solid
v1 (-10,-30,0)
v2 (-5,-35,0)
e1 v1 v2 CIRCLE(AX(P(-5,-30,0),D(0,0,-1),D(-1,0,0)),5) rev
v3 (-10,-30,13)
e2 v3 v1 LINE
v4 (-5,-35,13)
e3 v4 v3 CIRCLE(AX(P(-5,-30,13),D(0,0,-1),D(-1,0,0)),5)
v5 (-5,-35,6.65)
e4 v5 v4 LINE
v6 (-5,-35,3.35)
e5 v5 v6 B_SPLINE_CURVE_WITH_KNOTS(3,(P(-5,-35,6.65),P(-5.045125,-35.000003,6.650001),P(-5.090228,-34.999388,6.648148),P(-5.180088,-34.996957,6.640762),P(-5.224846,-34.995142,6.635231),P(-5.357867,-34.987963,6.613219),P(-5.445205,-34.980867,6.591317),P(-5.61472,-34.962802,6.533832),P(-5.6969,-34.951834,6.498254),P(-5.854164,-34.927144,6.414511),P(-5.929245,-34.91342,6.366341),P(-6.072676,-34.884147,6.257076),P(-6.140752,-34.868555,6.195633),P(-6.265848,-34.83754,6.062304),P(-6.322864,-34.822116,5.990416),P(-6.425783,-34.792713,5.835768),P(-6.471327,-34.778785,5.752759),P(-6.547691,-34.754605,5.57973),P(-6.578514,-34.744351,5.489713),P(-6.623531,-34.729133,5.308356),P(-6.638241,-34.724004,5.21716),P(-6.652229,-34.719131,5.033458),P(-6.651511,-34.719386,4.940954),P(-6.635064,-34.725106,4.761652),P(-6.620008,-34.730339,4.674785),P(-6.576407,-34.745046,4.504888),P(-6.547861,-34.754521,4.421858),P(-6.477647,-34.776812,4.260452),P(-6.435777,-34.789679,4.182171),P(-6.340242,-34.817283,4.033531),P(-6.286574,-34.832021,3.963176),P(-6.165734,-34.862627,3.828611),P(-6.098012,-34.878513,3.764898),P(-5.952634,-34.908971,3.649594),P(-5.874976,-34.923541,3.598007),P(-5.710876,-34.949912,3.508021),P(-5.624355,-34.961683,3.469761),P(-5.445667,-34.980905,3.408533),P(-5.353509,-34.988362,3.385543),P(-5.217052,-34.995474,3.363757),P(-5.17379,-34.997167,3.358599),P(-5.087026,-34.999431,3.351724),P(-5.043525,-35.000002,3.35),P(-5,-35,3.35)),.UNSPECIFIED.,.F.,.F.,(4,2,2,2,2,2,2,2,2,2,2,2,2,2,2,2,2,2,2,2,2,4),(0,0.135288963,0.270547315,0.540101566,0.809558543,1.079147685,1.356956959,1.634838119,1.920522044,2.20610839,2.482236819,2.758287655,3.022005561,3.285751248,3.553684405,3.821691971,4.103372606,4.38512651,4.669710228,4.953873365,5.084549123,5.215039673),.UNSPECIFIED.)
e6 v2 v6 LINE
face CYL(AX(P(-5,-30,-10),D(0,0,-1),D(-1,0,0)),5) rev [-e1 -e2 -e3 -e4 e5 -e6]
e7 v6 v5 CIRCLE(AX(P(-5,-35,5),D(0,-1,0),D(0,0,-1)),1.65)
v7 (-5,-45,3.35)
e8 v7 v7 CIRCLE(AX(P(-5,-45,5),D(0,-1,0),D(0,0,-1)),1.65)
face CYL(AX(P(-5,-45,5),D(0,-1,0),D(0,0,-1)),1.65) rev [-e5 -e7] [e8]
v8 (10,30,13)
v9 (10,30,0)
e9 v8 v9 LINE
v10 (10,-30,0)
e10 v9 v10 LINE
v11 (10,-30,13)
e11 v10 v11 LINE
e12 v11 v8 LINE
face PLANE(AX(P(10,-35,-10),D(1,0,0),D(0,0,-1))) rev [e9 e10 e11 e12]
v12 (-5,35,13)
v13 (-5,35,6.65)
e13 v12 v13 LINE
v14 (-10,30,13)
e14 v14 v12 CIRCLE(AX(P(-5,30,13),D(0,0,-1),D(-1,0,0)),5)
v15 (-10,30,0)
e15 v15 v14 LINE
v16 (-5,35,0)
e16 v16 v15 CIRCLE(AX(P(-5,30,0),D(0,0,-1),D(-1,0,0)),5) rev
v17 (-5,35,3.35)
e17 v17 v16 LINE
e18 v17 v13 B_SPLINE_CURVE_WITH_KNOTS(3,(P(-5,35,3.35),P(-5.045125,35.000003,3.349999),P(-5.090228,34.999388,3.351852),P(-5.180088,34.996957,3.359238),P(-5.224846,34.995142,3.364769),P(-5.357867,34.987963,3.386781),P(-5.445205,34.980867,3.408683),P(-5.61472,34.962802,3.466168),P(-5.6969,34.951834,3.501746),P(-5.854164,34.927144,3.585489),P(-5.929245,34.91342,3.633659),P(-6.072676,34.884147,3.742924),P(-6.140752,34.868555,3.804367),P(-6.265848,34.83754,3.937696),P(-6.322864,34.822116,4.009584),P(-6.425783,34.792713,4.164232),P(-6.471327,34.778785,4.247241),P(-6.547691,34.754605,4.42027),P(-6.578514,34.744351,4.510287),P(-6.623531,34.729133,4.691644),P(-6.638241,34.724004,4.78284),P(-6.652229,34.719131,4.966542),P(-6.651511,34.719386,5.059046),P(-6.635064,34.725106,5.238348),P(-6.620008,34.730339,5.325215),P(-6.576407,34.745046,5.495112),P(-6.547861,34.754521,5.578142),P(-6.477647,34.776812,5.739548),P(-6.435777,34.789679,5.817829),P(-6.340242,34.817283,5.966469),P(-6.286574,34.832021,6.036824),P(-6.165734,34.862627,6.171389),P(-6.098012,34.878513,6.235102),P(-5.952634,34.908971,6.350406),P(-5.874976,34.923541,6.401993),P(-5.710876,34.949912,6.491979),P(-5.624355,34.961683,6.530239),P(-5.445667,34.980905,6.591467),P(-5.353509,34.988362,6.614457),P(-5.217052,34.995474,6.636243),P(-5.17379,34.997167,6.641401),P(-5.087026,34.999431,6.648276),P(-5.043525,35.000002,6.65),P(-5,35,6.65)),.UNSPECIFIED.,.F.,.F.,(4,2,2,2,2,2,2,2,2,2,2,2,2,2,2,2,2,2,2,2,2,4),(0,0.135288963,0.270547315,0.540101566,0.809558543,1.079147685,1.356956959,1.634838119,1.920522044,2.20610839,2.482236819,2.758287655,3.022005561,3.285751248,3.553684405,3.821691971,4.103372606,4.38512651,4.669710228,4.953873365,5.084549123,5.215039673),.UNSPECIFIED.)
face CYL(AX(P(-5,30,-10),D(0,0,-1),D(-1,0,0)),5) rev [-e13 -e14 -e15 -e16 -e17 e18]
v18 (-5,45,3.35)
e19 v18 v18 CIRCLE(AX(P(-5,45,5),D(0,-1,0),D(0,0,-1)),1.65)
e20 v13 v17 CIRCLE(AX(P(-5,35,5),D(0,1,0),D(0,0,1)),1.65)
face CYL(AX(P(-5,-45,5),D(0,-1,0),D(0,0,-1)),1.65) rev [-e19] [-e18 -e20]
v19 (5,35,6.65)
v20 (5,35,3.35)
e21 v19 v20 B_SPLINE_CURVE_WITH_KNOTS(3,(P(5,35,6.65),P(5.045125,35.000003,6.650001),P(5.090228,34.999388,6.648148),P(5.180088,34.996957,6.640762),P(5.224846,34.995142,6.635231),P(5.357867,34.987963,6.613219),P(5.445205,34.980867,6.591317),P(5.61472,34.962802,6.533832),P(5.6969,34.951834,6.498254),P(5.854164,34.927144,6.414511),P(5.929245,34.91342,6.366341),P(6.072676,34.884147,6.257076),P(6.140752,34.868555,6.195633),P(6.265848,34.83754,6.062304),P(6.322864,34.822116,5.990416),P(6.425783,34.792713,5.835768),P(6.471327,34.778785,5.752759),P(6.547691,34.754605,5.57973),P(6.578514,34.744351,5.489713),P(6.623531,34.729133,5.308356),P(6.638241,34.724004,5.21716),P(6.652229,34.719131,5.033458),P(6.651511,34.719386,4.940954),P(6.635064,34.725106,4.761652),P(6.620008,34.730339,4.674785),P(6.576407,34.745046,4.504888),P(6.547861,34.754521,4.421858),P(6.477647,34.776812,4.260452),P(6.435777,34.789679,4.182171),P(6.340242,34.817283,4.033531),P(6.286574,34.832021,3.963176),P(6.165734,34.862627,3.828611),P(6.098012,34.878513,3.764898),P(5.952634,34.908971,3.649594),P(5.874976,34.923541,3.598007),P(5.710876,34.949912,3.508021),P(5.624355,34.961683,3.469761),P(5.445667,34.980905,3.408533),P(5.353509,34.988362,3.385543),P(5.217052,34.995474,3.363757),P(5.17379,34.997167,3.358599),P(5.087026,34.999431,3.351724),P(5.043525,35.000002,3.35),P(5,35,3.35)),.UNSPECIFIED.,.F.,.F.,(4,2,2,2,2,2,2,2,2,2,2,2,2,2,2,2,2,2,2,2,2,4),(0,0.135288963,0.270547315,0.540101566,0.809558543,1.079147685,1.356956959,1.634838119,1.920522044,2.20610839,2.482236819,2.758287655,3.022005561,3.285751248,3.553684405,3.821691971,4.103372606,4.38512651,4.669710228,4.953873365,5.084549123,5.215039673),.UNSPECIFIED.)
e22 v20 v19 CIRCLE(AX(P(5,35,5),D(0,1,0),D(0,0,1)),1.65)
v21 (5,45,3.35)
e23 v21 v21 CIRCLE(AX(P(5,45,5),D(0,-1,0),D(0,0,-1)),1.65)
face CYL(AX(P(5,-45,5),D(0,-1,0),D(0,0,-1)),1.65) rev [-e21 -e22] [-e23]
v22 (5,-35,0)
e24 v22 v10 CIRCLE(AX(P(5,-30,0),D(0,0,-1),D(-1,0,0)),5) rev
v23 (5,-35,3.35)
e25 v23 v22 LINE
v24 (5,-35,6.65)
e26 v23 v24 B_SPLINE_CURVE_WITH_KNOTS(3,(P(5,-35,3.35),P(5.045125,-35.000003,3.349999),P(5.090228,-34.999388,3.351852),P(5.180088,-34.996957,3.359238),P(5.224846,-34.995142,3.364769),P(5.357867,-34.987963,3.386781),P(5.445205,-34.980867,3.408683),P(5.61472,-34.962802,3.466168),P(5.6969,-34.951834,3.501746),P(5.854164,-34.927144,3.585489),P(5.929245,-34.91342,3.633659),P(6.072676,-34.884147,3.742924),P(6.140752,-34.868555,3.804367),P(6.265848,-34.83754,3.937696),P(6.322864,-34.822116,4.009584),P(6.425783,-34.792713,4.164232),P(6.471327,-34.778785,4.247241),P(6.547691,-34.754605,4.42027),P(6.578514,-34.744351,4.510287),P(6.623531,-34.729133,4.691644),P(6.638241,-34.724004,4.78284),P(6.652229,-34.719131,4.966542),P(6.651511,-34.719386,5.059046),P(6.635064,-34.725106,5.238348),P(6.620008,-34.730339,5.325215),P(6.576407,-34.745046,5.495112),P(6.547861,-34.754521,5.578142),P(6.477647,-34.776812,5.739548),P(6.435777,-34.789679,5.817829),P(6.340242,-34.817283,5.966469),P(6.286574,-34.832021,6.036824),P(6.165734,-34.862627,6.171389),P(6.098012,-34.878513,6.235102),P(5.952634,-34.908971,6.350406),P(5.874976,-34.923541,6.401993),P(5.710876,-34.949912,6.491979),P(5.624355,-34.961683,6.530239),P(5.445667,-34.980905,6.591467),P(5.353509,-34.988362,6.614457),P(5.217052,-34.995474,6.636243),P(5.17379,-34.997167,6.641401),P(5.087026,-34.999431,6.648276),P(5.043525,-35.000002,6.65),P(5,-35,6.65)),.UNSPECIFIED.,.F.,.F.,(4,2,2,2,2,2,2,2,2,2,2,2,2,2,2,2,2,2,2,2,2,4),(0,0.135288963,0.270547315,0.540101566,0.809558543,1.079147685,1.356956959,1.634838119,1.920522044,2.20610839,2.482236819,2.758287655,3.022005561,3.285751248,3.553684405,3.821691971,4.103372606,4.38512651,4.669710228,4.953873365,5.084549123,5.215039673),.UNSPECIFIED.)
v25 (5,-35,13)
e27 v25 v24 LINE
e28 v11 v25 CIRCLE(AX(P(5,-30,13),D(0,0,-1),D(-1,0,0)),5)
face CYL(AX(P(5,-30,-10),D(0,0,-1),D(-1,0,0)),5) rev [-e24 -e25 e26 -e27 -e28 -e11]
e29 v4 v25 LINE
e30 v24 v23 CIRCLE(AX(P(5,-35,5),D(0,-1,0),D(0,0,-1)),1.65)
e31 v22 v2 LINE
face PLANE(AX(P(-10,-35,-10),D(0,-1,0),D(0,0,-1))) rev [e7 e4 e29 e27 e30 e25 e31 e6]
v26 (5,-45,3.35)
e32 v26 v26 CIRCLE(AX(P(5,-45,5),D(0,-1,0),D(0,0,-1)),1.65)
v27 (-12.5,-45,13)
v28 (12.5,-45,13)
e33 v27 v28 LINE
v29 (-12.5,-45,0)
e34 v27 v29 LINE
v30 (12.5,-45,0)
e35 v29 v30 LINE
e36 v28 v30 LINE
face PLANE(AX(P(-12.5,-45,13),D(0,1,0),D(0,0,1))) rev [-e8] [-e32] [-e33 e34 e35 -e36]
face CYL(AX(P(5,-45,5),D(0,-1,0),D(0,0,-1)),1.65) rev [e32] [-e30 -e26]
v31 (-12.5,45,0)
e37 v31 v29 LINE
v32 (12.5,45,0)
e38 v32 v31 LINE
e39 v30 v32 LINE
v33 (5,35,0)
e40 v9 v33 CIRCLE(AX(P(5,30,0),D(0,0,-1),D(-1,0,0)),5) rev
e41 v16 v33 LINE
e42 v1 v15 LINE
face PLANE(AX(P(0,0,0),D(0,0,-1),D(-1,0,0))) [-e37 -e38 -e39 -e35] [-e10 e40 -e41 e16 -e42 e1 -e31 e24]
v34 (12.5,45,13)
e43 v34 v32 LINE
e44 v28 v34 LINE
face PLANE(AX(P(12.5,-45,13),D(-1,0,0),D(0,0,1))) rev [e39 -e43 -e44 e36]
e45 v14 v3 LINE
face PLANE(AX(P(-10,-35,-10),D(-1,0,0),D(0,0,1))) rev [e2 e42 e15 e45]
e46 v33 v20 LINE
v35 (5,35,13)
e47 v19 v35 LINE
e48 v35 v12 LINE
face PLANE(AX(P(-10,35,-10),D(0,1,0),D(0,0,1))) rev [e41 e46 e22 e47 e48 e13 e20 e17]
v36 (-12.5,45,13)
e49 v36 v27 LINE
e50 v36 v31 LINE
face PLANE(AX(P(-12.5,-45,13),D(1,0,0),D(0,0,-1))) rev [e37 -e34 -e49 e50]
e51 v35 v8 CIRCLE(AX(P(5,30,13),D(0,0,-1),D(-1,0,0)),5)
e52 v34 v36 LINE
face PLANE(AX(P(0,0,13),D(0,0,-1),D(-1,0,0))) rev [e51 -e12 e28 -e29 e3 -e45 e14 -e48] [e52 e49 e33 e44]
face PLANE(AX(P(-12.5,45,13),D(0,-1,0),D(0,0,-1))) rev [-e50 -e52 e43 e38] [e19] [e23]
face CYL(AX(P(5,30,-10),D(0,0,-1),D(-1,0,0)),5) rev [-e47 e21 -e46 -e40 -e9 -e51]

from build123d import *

# Parameters (mm, degrees)
SKETCH1_W             = 25
SKETCH1_H             = 90
BOSS_EXTRUDE1_DEPTH   = 13
SKETCH2_W             = 20
SKETCH2_H             = 70
CUT_EXTRUDE1_DEPTH    = 23
FILLET1_R             = 5
M4X0_7_TAPPED_HOLE1_D = 3.3


with BuildPart() as part:
    # Sketch1 → Boss-Extrude1 (new body)
    with BuildSketch(Plane.XY):
        Rectangle(SKETCH1_W, SKETCH1_H)
    extrude(amount=BOSS_EXTRUDE1_DEPTH)

    # Sketch2 → Cut-Extrude1 (cut)
    with BuildSketch(Plane.XY.offset(13)):
        Rectangle(SKETCH2_W, SKETCH2_H)
    extrude(amount=-CUT_EXTRUDE1_DEPTH, mode=Mode.SUBTRACT)

    # Fillet1
    fillet1_edges = [part.edges().sort_by_distance(p)[0] for p in [
        (10, 35, 6.5),
        (10, -35, 6.5),
        (-10, -35, 6.5),
        (-10, 35, 6.5),
    ]]
    fillet(fillet1_edges, radius=FILLET1_R)

    # M4x0.7 Tapped Hole1 (through all)
    with Locations(Plane(origin=(0, -45, 0), x_dir=(-1, 0, 0), z_dir=(0, -1, 0))):
        with Locations((-5, -5), (5, -5)):
            Hole(M4X0_7_TAPPED_HOLE1_D / 2)


solid = part.part
